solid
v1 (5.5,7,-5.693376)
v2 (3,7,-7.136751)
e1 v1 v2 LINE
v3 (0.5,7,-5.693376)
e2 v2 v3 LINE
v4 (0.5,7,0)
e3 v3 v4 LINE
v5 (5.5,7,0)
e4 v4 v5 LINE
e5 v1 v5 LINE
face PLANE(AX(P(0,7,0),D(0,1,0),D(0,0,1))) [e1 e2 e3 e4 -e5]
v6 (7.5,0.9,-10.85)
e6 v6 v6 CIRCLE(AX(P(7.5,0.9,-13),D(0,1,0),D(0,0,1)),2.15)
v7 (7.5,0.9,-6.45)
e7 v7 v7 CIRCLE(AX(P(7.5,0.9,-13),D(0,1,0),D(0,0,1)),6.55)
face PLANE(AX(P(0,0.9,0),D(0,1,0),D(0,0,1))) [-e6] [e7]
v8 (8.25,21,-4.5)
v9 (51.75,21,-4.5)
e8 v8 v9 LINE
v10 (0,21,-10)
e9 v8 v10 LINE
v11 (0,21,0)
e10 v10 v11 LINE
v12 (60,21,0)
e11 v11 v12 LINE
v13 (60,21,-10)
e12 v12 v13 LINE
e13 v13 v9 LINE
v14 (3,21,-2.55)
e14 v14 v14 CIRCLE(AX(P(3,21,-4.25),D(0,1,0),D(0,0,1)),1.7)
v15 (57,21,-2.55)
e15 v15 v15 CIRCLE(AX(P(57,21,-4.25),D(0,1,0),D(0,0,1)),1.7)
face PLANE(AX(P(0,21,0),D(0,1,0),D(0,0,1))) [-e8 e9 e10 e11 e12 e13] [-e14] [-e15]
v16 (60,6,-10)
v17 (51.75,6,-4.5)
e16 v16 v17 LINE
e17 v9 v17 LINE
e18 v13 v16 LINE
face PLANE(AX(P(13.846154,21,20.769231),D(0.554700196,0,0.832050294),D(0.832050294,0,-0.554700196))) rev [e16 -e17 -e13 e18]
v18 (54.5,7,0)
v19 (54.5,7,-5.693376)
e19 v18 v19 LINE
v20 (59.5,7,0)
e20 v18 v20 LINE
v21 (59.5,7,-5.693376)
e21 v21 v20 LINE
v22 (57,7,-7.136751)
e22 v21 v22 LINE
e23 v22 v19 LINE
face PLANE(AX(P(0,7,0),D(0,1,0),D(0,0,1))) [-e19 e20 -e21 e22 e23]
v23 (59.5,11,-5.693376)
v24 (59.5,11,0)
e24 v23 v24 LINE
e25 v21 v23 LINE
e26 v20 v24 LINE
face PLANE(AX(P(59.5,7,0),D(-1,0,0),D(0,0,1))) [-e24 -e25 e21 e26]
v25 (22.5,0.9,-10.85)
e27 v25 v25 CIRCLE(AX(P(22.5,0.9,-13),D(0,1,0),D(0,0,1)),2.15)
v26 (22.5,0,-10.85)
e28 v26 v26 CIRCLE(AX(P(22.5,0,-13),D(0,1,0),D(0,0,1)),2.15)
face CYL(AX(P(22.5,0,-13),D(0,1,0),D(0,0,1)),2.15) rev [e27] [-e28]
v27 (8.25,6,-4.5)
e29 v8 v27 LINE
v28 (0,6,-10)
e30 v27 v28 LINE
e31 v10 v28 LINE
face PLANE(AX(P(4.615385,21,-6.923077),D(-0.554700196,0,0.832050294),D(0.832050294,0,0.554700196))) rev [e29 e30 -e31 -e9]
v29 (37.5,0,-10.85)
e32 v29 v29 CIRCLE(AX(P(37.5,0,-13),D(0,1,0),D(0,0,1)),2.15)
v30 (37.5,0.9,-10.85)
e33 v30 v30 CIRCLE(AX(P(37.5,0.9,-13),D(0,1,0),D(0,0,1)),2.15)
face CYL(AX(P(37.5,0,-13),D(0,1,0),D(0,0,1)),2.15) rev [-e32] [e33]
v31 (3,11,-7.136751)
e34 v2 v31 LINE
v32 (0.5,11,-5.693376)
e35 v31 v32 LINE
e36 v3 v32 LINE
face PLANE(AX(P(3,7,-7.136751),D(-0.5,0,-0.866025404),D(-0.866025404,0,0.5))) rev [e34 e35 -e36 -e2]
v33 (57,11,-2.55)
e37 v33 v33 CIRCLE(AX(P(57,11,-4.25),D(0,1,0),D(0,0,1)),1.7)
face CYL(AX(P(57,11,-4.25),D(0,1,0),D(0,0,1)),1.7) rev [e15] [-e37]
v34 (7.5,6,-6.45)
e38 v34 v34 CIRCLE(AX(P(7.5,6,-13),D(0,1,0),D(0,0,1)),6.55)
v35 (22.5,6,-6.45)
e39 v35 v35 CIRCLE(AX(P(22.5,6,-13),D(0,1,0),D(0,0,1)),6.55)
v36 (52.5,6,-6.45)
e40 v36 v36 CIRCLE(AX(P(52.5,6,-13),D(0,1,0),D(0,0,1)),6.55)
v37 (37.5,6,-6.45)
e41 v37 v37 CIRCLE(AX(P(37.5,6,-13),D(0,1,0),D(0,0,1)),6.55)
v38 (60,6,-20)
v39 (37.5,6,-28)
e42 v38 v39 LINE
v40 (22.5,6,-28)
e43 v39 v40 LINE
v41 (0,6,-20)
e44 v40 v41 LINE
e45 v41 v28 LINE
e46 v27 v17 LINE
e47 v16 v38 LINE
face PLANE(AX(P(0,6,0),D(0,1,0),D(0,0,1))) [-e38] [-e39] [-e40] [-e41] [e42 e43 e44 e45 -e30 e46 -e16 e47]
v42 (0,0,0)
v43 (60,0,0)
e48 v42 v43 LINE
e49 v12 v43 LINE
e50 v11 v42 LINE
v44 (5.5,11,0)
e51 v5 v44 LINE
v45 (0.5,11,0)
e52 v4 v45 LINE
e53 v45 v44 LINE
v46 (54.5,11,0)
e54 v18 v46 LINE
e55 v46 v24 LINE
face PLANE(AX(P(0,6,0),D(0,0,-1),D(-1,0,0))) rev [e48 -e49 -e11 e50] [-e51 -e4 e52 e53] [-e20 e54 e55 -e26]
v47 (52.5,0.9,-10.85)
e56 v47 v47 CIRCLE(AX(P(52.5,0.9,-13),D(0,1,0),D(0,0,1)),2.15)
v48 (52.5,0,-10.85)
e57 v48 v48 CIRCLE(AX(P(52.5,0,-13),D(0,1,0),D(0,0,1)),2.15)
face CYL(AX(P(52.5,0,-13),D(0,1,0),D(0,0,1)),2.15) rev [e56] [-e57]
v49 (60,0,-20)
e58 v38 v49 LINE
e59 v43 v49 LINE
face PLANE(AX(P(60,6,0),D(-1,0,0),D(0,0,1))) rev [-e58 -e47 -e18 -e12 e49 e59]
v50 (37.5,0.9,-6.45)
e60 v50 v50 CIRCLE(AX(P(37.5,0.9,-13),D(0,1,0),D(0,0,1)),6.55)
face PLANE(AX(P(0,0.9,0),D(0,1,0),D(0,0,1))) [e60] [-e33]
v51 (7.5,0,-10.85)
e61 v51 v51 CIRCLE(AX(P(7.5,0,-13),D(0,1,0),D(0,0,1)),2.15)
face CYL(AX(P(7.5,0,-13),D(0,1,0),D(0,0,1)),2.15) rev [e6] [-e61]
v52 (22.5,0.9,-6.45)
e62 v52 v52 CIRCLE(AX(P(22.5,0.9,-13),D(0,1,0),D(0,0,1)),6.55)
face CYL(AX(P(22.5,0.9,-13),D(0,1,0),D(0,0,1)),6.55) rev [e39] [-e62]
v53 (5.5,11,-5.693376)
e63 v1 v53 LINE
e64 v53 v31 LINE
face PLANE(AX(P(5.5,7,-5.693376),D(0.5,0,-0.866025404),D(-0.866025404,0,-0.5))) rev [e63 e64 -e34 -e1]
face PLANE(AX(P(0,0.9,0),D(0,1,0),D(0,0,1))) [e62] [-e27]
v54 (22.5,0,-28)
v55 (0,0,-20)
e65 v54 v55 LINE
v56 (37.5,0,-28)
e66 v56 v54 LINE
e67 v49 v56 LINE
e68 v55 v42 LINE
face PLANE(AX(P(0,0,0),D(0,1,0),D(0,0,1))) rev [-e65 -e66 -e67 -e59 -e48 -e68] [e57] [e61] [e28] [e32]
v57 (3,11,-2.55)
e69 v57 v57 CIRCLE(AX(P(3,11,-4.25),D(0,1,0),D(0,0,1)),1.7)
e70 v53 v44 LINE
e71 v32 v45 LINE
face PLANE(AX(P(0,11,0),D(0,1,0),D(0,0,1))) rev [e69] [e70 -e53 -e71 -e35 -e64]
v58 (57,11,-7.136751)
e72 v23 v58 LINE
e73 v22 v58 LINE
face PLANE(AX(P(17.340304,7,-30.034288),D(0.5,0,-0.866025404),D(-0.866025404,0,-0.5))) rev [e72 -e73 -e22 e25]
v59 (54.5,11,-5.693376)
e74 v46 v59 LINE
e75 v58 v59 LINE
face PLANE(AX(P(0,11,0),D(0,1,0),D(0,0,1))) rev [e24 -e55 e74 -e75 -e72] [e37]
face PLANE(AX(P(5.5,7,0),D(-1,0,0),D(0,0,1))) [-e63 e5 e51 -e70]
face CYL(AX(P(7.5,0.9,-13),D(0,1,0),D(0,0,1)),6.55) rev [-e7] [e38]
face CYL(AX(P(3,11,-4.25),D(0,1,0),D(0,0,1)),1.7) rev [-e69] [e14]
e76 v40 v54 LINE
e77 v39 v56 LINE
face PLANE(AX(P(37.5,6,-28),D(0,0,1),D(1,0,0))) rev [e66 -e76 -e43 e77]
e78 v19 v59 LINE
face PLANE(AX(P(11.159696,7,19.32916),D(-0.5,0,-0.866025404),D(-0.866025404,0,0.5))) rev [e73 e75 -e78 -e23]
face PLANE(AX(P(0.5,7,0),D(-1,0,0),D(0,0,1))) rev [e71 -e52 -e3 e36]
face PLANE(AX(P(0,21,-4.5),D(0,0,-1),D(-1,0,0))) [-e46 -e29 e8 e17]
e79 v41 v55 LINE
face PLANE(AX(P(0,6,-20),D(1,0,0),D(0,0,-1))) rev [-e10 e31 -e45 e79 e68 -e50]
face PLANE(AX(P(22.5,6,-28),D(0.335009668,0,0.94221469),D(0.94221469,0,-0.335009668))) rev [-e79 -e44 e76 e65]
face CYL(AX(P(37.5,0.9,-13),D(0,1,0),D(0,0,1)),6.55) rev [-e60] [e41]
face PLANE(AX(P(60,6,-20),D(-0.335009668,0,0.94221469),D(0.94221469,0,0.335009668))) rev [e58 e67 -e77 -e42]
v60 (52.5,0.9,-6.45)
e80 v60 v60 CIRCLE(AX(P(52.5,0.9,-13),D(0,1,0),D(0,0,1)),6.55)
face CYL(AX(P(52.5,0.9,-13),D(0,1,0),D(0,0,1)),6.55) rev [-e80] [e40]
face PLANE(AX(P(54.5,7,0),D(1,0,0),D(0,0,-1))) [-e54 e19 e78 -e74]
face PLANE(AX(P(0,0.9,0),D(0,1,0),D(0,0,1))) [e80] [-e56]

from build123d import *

# Parameters (mm, degrees)
BOSS_EXTRUDE1_DEPTH = 6
BOSS_EXTRUDE3_DEPTH = 15
SKETCH4_R           = 1.7
CUT_EXTRUDE1_DEPTH  = 10
CUT_EXTRUDE2_START  = -10
CUT_EXTRUDE2_DEPTH  = 4
SKETCH2_4_R         = 6.55
CUT_EXTRUDE3_DEPTH  = 5.1
SKETCH2_5_R         = 2.15
CUT_EXTRUDE4_DEPTH  = 68.88961629


with BuildPart() as part:
    # Sketch1 → Boss-Extrude1 (new body)
    with BuildSketch(Plane(origin=(0, 0, 0), x_dir=(1, 0, 0), z_dir=(0, 1, 0))):
        Polygon((0, 0), (60, 0), (60, 20), (37.5, 28), (22.5, 28), (0, 20), align=None)
    extrude(amount=BOSS_EXTRUDE1_DEPTH)

    # Sketch3 → Boss-Extrude3 (add)
    with BuildSketch(Plane(origin=(0, 6, 0), x_dir=(1, 0, 0), z_dir=(0, 1, 0))):
        Polygon((0, 10), (0, 0), (60, 0), (60, 10), (51.75, 4.5), (8.25, 4.5), align=None)
    extrude(amount=BOSS_EXTRUDE3_DEPTH)

    # Sketch4 → Cut-Extrude1 (cut)
    with BuildSketch(Plane(origin=(0, 21, 0), x_dir=(1, 0, 0), z_dir=(0, 1, 0))):
        with Locations((3, 4.25)):
            Circle(SKETCH4_R)
        with Locations((57, 4.25)):
            Circle(SKETCH4_R)
    extrude(amount=-CUT_EXTRUDE1_DEPTH, mode=Mode.SUBTRACT)

    # Sketch6 → Cut-Extrude2 (cut)
    with BuildSketch(Plane(origin=(0, 21, 0), x_dir=(1, 0, 0), z_dir=(0, 1, 0)).offset(CUT_EXTRUDE2_START)):
        Polygon((54.5, 0), (59.5, 0), (59.5, 5.693375673), (57, 7.136751346), (54.5, 5.693375673), align=None)
        Polygon((5.5, 0), (5.5, 5.693375673), (3, 7.136751346), (0.5, 5.693375673), (0.5, 0), align=None)
    extrude(amount=-CUT_EXTRUDE2_DEPTH, mode=Mode.SUBTRACT)

    # Sketch2<4> → Cut-Extrude3 (cut)
    with BuildSketch(Plane(origin=(0, 6, 0), x_dir=(1, 0, 0), z_dir=(0, 1, 0))):
        with Locations((22.5, 13)):
            Circle(SKETCH2_4_R)
        with Locations((37.5, 13)):
            Circle(SKETCH2_4_R)
        with Locations((7.5, 13)):
            Circle(SKETCH2_4_R)
        with Locations((52.5, 13)):
            Circle(SKETCH2_4_R)
    extrude(amount=-CUT_EXTRUDE3_DEPTH, mode=Mode.SUBTRACT)

    # Sketch2<5> → Cut-Extrude4 (cut, through all)
    with BuildSketch(Plane(origin=(0, 6, 0), x_dir=(1, 0, 0), z_dir=(0, 1, 0))):
        with Locations((37.5, 13)):
            Circle(SKETCH2_5_R)
        with Locations((22.5, 13)):
            Circle(SKETCH2_5_R)
        with Locations((7.5, 13)):
            Circle(SKETCH2_5_R)
        with Locations((52.5, 13)):
            Circle(SKETCH2_5_R)
    extrude(amount=-CUT_EXTRUDE4_DEPTH, mode=Mode.SUBTRACT)


solid = part.part
